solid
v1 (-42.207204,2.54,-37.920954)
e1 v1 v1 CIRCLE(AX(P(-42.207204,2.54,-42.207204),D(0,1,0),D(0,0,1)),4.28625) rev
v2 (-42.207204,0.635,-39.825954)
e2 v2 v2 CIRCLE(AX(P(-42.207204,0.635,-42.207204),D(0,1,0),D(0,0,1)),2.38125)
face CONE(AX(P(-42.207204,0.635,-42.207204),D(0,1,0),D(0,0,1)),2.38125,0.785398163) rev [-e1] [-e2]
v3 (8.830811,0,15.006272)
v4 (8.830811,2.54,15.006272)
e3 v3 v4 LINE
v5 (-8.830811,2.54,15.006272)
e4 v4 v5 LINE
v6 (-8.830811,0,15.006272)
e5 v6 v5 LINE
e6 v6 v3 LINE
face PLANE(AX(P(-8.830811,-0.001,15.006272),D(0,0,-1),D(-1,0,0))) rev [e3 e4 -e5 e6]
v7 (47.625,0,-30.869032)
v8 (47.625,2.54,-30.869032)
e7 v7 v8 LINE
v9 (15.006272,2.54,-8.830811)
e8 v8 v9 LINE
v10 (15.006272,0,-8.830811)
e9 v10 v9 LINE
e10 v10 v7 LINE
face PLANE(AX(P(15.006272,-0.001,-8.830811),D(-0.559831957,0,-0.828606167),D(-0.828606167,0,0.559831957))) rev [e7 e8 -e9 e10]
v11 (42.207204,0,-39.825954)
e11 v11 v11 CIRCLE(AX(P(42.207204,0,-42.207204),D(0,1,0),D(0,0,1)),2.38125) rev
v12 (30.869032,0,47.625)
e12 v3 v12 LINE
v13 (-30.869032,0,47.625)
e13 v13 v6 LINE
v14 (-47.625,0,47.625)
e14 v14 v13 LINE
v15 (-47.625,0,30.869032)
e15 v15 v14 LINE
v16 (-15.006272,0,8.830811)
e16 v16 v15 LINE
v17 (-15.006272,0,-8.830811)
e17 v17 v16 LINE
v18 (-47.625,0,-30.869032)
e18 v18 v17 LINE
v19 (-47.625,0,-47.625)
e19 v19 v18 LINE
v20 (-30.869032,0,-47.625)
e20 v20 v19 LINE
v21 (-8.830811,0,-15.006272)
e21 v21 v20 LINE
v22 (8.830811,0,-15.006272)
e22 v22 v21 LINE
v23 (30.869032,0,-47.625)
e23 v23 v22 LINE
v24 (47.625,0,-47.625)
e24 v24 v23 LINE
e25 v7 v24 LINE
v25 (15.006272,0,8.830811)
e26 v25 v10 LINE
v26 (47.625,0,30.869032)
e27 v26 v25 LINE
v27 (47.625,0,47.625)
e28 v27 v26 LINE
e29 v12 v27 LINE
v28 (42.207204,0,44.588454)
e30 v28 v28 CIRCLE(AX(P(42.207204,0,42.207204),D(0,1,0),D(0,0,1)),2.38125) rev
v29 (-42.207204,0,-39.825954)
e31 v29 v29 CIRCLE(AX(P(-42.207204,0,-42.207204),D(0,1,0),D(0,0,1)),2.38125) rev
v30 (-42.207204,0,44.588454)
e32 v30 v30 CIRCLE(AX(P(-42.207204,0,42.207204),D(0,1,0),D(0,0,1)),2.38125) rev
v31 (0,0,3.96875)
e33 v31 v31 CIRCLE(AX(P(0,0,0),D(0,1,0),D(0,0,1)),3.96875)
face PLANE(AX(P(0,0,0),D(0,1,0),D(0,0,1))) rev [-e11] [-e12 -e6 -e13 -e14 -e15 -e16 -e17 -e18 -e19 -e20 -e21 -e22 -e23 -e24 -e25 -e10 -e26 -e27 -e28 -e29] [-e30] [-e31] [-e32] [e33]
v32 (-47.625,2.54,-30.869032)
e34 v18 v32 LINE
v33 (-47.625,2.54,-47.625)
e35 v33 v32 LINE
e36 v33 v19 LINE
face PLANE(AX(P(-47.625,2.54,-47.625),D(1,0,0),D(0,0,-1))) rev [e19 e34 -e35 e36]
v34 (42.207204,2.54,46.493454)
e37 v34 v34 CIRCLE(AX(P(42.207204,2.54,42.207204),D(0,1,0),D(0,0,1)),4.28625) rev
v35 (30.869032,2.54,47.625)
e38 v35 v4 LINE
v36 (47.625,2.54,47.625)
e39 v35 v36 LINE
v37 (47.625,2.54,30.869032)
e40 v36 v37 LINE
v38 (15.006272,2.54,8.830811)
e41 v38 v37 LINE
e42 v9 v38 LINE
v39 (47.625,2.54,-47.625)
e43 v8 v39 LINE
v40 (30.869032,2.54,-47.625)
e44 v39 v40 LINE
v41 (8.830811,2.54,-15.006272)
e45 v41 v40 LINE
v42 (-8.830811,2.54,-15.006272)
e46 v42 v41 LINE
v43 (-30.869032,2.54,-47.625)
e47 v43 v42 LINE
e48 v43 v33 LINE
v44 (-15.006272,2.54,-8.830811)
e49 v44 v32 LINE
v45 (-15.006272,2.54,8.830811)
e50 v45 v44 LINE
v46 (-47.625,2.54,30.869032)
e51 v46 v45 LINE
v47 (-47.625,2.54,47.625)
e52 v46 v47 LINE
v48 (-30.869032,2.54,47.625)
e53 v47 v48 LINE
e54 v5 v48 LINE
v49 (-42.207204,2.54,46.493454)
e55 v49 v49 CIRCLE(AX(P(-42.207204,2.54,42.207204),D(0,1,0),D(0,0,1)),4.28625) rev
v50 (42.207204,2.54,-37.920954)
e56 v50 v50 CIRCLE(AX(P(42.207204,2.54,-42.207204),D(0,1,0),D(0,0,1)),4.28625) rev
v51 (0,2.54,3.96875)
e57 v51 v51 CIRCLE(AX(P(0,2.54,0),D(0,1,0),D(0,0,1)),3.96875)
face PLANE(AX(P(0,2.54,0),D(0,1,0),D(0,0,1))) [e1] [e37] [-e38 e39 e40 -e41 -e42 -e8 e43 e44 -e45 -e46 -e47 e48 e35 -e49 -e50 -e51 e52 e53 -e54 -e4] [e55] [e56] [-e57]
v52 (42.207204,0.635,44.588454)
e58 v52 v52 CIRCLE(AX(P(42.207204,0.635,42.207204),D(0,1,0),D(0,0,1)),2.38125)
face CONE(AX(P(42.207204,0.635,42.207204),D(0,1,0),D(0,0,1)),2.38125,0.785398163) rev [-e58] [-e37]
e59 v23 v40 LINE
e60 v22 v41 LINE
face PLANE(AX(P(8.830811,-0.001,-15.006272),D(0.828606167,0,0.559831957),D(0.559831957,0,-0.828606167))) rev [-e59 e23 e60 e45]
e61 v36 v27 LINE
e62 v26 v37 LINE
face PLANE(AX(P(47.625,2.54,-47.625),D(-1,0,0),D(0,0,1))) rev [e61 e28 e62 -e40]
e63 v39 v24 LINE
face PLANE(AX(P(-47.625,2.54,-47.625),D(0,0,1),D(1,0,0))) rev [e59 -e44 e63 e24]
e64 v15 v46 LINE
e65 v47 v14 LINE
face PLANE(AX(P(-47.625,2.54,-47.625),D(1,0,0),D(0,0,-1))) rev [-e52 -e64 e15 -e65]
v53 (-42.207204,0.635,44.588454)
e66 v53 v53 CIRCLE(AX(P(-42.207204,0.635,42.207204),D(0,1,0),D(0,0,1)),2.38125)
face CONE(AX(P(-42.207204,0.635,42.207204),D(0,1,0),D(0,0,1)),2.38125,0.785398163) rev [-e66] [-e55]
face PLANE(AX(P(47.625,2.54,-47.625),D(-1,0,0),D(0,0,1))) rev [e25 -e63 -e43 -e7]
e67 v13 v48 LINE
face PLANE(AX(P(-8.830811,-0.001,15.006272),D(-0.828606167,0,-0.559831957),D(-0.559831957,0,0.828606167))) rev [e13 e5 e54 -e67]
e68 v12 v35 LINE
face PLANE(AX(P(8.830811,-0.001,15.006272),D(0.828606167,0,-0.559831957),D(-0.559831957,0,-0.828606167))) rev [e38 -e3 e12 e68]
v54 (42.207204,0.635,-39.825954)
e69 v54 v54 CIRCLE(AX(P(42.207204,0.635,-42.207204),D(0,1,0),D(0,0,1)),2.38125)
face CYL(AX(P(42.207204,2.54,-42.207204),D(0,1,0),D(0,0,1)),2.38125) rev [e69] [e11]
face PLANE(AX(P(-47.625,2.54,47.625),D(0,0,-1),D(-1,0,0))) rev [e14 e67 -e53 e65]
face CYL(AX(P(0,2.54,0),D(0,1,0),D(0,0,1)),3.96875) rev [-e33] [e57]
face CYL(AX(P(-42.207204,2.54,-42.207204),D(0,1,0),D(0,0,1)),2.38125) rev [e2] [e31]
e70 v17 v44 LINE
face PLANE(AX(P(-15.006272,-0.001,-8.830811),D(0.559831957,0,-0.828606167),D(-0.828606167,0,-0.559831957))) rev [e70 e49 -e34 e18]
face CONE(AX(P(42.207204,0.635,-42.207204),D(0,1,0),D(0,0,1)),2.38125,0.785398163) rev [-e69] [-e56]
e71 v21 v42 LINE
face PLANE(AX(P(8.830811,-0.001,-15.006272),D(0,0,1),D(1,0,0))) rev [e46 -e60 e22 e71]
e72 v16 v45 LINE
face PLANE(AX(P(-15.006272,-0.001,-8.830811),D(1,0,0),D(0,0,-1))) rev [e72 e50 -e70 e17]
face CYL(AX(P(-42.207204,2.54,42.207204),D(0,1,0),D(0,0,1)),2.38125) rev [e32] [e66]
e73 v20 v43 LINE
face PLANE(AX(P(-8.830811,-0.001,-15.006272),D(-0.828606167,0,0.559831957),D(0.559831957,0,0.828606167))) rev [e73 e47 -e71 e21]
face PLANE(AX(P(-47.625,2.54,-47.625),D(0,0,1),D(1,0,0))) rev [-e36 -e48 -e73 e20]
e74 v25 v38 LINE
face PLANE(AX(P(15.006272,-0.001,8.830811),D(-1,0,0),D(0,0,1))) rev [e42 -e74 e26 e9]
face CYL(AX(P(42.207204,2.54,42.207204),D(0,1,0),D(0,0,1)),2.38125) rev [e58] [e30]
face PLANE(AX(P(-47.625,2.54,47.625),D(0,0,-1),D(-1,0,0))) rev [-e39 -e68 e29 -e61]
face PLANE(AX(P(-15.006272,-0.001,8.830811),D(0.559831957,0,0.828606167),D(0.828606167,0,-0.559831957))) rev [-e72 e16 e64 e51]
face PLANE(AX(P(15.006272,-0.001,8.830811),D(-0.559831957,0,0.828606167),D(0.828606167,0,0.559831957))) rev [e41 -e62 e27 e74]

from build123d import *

# Parameters (mm, degrees)
SKETCH1_W                          = 95.25
SKETCH1_H                          = 95.25
BASE_EXTRUDE_DEPTH                 = 2.54
F_3_16_0_1875_DIAMETER_HOLE1_D     = 4.7625
F_3_16_0_1875_DIAMETER_HOLE1_DEPTH = 2.54
F_3_16_0_1875_DIAMETER_HOLE1_TIP   = 1.430799349
CUT_EXTRUDE1_REACH                 = 69.4
F_5_16_0_3125_DIAMETER_HOLE1_D     = 7.9375
CHAMFER1_SIZE                      = 1.905


with BuildPart() as part:
    # Sketch1 → Base Extrude (new body)
    with BuildSketch(Plane(origin=(0, 0, 0), x_dir=(1, 0, 0), z_dir=(0, 1, 0))):
        Rectangle(SKETCH1_W, SKETCH1_H)
    extrude(amount=BASE_EXTRUDE_DEPTH)

    # 3/16 (0.1875) Diameter Hole1
    with Locations(Plane(origin=(0, 2.54, 0), x_dir=(1, 0, 0), z_dir=(0, 1, 0))):
        with Locations((-42.207203769, 42.207203769), (42.207203769, 42.207203769), (42.207203769, -42.207203769), (-42.207203769, -42.207203769)):
            Hole(F_3_16_0_1875_DIAMETER_HOLE1_D / 2, depth=F_3_16_0_1875_DIAMETER_HOLE1_DEPTH)
            with Locations((0, 0, -(F_3_16_0_1875_DIAMETER_HOLE1_DEPTH + F_3_16_0_1875_DIAMETER_HOLE1_TIP / 2))):  # 118° drill point
                Cone(0, F_3_16_0_1875_DIAMETER_HOLE1_D / 2, F_3_16_0_1875_DIAMETER_HOLE1_TIP, mode=Mode.SUBTRACT)

    # Sketch12 → Cut-Extrude1 (cut, up to next)
    with BuildSketch(Plane(origin=(0, 2.54, 0), x_dir=(1, 0, 0), z_dir=(0, 1, 0)), mode=Mode.PRIVATE) as cut_extrude1_sk1:
        Polygon((-15.006272328, 8.830810905), (-15.006272328, -8.830810905), (-47.625, -30.869032315), (-47.625, 30.869032315), align=None)
    cut_extrude1_tool1 = extrude(cut_extrude1_sk1.sketch, amount=-CUT_EXTRUDE1_REACH, mode=Mode.PRIVATE) & part.part
    # Sketch12 → Cut-Extrude1 (cut, up to next)
    with BuildSketch(Plane(origin=(0, 2.54, 0), x_dir=(1, 0, 0), z_dir=(0, 1, 0)), mode=Mode.PRIVATE) as cut_extrude1_sk2:
        Polygon((30.869032315, 47.625), (-30.869032315, 47.625), (-8.830810905, 15.006272328), (8.830810905, 15.006272328), align=None)
    cut_extrude1_tool2 = extrude(cut_extrude1_sk2.sketch, amount=-CUT_EXTRUDE1_REACH, mode=Mode.PRIVATE) & part.part
    # Sketch12 → Cut-Extrude1 (cut, up to next)
    with BuildSketch(Plane(origin=(0, 2.54, 0), x_dir=(1, 0, 0), z_dir=(0, 1, 0)), mode=Mode.PRIVATE) as cut_extrude1_sk3:
        Polygon((47.625, -30.869032315), (47.625, 30.869032315), (15.006272328, 8.830810905), (15.006272328, -8.830810905), align=None)
    cut_extrude1_tool3 = extrude(cut_extrude1_sk3.sketch, amount=-CUT_EXTRUDE1_REACH, mode=Mode.PRIVATE) & part.part
    # Sketch12 → Cut-Extrude1 (cut, up to next)
    with BuildSketch(Plane(origin=(0, 2.54, 0), x_dir=(1, 0, 0), z_dir=(0, 1, 0)), mode=Mode.PRIVATE) as cut_extrude1_sk4:
        Polygon((-30.869032315, -47.625), (30.869032315, -47.625), (8.830810905, -15.006272328), (-8.830810905, -15.006272328), align=None)
    cut_extrude1_tool4 = extrude(cut_extrude1_sk4.sketch, amount=-CUT_EXTRUDE1_REACH, mode=Mode.PRIVATE) & part.part
    add(cut_extrude1_tool1.solids().sort_by_distance((-34.333527, 2.54, 0))[0], mode=Mode.SUBTRACT)
    add(cut_extrude1_tool2.solids().sort_by_distance((0, 2.54, -34.333527))[0], mode=Mode.SUBTRACT)
    add(cut_extrude1_tool3.solids().sort_by_distance((34.333527, 2.54, 0))[0], mode=Mode.SUBTRACT)
    add(cut_extrude1_tool4.solids().sort_by_distance((0, 2.54, 34.333527))[0], mode=Mode.SUBTRACT)

    # 5/16 (0.3125) Diameter Hole1 (through all)
    with Locations(Plane(origin=(0, 2.54, 0), x_dir=(1, 0, 0), z_dir=(0, 1, 0))):
        with Locations((0, 0)):
            Hole(F_5_16_0_3125_DIAMETER_HOLE1_D / 2)

    # Chamfer1
    chamfer1_edges = [part.edges().sort_by_distance(p)[0] for p in [
        (-39.825953769, 2.54, 42.207203769),
        (44.588453769, 2.54, 42.207203769),
        (44.588453769, 2.54, -42.207203769),
        (-39.825953769, 2.54, -42.207203769),
    ]]
    chamfer(chamfer1_edges, length=CHAMFER1_SIZE)


solid = part.part
